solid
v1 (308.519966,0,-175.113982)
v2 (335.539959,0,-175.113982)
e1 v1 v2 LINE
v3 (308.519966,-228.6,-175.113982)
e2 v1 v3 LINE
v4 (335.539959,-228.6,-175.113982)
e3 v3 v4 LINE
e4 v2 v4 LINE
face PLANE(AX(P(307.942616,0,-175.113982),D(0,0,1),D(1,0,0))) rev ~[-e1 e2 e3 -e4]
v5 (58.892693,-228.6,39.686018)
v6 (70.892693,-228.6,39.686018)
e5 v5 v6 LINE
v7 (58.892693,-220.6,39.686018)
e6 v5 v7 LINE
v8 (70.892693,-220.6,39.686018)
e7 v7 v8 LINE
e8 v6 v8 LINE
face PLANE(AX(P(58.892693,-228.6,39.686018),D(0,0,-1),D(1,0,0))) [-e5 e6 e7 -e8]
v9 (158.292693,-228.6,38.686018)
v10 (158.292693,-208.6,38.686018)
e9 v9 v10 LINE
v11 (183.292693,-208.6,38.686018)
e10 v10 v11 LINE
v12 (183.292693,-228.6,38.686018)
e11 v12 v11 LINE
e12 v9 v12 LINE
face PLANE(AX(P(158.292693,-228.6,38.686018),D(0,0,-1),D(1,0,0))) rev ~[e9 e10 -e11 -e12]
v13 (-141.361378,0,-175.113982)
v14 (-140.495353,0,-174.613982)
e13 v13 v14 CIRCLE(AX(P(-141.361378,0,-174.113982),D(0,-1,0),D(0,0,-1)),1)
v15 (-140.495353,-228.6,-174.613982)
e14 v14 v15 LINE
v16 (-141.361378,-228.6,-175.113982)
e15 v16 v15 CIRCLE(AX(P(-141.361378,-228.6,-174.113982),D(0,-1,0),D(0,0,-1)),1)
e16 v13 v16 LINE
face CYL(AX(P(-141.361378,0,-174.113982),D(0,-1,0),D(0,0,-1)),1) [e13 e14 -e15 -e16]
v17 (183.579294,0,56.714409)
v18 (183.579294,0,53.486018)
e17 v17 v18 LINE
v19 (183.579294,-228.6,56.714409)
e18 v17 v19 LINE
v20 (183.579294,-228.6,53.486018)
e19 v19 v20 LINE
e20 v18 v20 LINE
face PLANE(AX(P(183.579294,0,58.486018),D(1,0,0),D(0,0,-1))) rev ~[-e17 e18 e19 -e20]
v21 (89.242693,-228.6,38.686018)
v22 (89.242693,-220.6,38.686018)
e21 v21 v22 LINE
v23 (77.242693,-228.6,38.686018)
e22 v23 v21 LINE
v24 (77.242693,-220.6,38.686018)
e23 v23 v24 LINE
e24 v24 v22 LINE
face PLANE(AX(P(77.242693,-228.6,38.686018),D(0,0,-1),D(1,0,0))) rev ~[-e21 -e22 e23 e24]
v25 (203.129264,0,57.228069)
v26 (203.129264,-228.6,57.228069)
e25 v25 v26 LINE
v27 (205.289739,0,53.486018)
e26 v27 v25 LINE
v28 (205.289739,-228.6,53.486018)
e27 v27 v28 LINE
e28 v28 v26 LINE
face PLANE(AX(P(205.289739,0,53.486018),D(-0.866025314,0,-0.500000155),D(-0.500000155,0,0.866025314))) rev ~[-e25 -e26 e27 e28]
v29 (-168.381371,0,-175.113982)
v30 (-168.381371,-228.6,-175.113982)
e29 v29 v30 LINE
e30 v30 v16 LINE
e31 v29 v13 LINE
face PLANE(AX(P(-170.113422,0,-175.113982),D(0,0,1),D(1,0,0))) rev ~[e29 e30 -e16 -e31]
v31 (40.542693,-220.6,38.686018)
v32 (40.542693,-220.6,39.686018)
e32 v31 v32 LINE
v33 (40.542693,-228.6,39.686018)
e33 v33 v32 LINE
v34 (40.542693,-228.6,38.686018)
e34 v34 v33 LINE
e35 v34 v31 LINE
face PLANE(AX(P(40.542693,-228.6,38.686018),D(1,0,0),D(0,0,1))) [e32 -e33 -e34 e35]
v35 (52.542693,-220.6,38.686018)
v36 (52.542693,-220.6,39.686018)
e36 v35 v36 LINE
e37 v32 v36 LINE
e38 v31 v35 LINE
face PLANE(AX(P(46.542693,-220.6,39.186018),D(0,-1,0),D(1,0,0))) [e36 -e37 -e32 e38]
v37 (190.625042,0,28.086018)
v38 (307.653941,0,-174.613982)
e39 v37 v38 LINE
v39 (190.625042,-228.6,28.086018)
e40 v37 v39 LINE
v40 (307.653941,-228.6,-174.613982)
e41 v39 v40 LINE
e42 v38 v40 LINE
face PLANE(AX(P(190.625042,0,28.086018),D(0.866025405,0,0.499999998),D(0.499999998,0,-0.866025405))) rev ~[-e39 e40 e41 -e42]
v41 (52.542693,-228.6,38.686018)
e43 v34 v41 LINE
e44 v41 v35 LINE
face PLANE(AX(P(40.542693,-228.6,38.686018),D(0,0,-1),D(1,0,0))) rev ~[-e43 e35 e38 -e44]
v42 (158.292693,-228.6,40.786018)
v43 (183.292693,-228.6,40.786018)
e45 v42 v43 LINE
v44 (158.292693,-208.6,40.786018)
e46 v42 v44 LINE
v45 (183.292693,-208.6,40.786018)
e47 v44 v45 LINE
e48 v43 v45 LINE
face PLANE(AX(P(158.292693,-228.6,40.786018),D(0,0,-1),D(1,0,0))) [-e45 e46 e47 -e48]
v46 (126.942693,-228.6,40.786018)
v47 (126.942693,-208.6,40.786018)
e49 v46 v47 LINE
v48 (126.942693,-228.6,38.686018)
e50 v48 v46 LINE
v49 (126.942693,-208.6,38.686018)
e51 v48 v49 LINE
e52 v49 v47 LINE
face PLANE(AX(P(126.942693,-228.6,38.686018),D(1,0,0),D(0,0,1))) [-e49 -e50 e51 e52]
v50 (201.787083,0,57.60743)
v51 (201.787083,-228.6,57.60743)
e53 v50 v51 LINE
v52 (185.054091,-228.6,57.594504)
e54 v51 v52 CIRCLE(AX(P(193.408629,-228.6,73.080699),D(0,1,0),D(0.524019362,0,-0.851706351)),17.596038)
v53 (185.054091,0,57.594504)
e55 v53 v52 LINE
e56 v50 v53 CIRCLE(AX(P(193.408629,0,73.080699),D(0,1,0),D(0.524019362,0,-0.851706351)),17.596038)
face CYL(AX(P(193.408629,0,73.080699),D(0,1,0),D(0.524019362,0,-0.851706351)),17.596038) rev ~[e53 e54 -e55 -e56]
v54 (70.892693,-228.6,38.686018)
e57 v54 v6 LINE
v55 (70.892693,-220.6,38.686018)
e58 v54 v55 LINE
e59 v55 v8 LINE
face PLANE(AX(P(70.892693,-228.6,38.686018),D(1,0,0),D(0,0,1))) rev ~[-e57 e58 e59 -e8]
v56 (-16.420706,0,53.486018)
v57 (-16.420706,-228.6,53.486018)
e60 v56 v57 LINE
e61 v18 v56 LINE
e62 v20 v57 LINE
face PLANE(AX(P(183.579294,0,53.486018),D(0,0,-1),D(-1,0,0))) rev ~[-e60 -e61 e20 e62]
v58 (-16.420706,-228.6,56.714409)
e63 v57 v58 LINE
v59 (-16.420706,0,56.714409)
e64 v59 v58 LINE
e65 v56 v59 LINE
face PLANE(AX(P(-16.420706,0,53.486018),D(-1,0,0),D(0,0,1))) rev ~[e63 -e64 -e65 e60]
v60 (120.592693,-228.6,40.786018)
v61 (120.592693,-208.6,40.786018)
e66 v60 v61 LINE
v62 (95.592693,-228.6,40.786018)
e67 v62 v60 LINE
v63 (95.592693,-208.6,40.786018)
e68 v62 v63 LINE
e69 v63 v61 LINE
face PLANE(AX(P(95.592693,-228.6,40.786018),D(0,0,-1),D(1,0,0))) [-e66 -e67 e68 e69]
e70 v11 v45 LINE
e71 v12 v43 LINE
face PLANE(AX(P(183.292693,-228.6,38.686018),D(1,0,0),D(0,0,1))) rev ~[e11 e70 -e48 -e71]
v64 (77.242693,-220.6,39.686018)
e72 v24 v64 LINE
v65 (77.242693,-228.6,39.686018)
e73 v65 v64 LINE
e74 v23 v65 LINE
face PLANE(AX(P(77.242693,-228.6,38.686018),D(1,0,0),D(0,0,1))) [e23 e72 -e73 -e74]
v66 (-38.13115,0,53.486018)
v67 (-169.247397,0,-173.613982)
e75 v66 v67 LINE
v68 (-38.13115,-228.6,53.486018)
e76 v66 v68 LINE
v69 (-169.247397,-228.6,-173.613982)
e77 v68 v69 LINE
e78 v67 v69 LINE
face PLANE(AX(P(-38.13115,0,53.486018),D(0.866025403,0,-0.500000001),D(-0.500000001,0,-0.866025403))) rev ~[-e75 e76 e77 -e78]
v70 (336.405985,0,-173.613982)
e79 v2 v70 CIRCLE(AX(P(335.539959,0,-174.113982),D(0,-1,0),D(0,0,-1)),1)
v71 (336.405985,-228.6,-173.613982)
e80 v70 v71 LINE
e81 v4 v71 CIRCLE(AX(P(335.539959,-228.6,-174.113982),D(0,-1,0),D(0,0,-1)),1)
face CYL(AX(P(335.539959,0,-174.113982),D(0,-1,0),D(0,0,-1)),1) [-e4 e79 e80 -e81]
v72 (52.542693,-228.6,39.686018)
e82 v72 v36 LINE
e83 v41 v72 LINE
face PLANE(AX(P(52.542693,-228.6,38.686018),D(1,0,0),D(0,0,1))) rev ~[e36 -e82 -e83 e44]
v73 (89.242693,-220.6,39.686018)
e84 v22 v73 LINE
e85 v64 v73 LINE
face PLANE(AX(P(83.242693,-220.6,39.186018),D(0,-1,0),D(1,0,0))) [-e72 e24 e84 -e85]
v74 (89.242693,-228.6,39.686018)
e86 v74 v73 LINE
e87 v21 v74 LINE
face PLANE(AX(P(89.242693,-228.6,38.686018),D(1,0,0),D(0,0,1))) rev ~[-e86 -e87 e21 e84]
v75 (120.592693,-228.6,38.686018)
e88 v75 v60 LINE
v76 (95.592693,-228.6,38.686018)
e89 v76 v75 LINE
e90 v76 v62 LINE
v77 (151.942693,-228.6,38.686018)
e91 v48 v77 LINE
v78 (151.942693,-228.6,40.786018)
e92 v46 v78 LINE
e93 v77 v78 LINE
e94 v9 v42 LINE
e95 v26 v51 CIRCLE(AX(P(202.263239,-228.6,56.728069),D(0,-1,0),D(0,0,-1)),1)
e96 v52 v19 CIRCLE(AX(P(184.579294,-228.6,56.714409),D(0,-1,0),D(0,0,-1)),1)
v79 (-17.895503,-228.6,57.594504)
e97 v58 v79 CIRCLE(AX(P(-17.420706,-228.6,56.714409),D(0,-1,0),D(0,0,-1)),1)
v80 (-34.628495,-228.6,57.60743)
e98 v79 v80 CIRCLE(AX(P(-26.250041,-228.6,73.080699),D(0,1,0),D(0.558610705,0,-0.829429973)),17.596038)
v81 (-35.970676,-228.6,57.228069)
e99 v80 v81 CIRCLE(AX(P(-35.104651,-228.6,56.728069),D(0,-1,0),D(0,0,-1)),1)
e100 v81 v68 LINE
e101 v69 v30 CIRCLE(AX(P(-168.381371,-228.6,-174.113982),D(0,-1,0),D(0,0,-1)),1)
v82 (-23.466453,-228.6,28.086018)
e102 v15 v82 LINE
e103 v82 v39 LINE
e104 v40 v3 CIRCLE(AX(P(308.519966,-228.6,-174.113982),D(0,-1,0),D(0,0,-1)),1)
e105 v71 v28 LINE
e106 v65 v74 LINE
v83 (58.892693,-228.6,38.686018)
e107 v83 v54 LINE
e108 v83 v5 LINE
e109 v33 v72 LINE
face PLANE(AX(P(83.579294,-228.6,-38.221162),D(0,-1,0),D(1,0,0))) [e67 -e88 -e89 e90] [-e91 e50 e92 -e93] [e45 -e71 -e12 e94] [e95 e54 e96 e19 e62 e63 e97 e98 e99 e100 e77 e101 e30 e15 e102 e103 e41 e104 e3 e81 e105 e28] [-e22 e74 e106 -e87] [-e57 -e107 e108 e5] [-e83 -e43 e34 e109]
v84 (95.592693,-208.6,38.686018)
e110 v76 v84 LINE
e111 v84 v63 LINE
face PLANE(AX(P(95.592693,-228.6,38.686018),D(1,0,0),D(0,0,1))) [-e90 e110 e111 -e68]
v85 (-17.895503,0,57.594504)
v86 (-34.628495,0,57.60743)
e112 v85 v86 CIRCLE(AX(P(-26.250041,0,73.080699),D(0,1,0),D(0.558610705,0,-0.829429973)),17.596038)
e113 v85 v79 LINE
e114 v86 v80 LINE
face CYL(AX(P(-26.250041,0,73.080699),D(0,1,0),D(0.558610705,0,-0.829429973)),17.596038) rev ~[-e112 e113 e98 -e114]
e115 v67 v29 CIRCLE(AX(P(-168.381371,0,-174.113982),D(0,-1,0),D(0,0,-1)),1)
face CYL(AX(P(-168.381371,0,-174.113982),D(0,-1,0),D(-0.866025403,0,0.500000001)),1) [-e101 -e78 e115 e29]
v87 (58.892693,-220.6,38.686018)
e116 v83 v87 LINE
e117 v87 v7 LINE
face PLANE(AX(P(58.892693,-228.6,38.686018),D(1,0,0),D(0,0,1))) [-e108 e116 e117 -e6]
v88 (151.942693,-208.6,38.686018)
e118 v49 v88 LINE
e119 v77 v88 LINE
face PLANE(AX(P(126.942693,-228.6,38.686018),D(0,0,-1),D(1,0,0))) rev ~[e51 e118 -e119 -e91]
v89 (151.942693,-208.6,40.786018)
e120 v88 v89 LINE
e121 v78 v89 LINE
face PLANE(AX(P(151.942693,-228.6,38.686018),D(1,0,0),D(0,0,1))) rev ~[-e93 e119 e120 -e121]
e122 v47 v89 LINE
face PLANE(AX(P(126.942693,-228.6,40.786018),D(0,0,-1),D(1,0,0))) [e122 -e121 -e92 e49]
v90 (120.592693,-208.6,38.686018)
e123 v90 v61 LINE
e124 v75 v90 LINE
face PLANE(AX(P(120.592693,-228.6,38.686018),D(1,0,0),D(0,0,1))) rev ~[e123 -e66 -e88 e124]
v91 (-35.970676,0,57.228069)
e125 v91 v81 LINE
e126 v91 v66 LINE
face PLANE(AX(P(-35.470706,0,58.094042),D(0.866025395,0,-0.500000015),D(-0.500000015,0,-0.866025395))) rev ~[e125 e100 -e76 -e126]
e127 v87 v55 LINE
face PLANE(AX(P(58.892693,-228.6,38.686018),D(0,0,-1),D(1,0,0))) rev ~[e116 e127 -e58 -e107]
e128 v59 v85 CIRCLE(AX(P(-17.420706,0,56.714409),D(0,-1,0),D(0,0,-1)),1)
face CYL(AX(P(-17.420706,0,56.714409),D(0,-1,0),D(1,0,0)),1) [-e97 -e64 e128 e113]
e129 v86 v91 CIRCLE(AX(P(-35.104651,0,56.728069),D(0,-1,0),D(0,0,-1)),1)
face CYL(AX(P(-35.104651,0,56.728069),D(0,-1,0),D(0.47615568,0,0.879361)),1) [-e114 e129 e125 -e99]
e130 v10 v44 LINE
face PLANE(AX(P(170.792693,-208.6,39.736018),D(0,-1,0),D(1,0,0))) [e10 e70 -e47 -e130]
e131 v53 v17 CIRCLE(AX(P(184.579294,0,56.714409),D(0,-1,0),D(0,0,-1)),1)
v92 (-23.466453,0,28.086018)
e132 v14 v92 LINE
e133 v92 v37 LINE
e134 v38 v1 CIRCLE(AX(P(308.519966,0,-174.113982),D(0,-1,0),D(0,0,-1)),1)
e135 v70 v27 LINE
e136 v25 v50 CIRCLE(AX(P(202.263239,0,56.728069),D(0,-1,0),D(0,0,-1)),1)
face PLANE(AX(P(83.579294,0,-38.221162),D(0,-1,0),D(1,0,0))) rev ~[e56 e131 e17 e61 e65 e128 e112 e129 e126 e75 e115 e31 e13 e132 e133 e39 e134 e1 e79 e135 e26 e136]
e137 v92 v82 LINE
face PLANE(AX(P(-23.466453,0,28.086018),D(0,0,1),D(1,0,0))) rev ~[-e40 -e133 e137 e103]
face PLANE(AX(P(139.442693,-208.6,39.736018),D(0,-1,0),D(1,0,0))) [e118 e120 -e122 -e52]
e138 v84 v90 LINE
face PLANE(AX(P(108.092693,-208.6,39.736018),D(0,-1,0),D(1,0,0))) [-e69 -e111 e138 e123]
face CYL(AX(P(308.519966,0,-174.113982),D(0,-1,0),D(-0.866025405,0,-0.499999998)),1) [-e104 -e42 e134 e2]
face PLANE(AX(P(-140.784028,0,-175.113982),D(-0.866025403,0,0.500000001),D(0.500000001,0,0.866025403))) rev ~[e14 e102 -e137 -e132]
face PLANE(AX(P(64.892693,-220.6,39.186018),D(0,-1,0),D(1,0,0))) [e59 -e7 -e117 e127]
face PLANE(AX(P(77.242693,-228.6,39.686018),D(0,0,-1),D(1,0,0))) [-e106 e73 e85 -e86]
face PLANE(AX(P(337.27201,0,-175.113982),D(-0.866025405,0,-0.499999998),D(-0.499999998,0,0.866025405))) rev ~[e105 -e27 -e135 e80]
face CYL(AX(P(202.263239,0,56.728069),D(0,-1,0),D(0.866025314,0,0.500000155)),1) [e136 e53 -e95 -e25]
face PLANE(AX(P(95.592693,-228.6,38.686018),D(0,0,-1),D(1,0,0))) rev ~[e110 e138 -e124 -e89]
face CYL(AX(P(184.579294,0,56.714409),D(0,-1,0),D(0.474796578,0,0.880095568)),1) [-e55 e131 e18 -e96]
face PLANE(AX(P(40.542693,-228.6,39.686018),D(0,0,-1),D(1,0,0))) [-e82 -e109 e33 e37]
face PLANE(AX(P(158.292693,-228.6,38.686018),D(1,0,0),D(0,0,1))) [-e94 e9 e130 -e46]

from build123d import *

# Parameters (mm, degrees)
F1_DEPTH = 228.6
F2_R     = 1
F3_W     = 25
F3_H     = 2.1
F4_DEPTH = 20
F5_W     = 12
F5_H     = 1
F6_DEPTH = 8


with BuildPart() as f1:
    # F0 (on Front) → F1 (new body)
    with BuildSketch(Plane.XZ):
        Polygon((183.579294, 53.486018), (83.579294, 53.486018), (-16.420706, 53.486018), (-38.13115, 53.486018), (-170.113422, -175.113982), (-140.784028, -175.113982), (-23.466453, 28.086018), (83.579294, 28.086018), (190.625042, 28.086018), (307.942616, -175.113982), (337.27201, -175.113982), (205.289739, 53.486018), align=None)
        with BuildLine():
            Line((-38.13115, 53.486018), (-16.420706, 53.486018))
            Line((-16.420706, 53.486018), (-16.420706, 58.486018))
            ThreePointArc((-16.420706, 58.486018), (-25.888059, 55.488385), (-35.470706, 58.094042))
            Line((-35.470706, 58.094042), (-38.13115, 53.486018))
        make_face()
        with BuildLine():
            Line((183.579294, 58.486018), (183.579294, 53.486018))
            Line((183.579294, 53.486018), (205.289739, 53.486018))
            Line((205.289739, 53.486018), (202.629294, 58.094042))
            ThreePointArc((202.629294, 58.094042), (193.046647, 55.488385), (183.579294, 58.486018))
        make_face()
    extrude(amount=F1_DEPTH)

    # F2
    f2_edges = [f1.edges().sort_by_distance(p)[0] for p in [
        (-35.470706, -114.3, 58.094042),
        (-16.420706, -114.3, 58.486018),
        (183.579294, -114.3, 58.486018),
        (202.629294, -114.3, 58.094042),
        (-170.113422, -114.3, -175.113982),
        (-140.784028, -114.3, -175.113982),
        (307.942616, -114.3, -175.113982),
        (337.27201, -114.3, -175.113982),
    ]]
    fillet(f2_edges, radius=F2_R)

    # F3 (on face) → F4 (cut)
    with BuildSketch(Plane.XZ.offset(228.6)):
        with Locations((170.792693, 39.736018)):
            Rectangle(F3_W, F3_H)
        with Locations((139.442693, 39.736018)):
            Rectangle(F3_W, F3_H)
        with Locations((108.092693, 39.736018)):
            Rectangle(F3_W, F3_H)
    extrude(amount=-F4_DEPTH, mode=Mode.SUBTRACT)

    # F5 (on face) → F6 (cut)
    with BuildSketch(Plane.XZ.offset(228.6)):
        with Locations((83.242693, 39.186018)):
            Rectangle(F5_W, F5_H)
        with Locations((64.892693, 39.186018)):
            Rectangle(F5_W, F5_H)
        with Locations((46.542693, 39.186018)):
            Rectangle(F5_W, F5_H)
    extrude(amount=-F6_DEPTH, mode=Mode.SUBTRACT)


solid = f1.part
